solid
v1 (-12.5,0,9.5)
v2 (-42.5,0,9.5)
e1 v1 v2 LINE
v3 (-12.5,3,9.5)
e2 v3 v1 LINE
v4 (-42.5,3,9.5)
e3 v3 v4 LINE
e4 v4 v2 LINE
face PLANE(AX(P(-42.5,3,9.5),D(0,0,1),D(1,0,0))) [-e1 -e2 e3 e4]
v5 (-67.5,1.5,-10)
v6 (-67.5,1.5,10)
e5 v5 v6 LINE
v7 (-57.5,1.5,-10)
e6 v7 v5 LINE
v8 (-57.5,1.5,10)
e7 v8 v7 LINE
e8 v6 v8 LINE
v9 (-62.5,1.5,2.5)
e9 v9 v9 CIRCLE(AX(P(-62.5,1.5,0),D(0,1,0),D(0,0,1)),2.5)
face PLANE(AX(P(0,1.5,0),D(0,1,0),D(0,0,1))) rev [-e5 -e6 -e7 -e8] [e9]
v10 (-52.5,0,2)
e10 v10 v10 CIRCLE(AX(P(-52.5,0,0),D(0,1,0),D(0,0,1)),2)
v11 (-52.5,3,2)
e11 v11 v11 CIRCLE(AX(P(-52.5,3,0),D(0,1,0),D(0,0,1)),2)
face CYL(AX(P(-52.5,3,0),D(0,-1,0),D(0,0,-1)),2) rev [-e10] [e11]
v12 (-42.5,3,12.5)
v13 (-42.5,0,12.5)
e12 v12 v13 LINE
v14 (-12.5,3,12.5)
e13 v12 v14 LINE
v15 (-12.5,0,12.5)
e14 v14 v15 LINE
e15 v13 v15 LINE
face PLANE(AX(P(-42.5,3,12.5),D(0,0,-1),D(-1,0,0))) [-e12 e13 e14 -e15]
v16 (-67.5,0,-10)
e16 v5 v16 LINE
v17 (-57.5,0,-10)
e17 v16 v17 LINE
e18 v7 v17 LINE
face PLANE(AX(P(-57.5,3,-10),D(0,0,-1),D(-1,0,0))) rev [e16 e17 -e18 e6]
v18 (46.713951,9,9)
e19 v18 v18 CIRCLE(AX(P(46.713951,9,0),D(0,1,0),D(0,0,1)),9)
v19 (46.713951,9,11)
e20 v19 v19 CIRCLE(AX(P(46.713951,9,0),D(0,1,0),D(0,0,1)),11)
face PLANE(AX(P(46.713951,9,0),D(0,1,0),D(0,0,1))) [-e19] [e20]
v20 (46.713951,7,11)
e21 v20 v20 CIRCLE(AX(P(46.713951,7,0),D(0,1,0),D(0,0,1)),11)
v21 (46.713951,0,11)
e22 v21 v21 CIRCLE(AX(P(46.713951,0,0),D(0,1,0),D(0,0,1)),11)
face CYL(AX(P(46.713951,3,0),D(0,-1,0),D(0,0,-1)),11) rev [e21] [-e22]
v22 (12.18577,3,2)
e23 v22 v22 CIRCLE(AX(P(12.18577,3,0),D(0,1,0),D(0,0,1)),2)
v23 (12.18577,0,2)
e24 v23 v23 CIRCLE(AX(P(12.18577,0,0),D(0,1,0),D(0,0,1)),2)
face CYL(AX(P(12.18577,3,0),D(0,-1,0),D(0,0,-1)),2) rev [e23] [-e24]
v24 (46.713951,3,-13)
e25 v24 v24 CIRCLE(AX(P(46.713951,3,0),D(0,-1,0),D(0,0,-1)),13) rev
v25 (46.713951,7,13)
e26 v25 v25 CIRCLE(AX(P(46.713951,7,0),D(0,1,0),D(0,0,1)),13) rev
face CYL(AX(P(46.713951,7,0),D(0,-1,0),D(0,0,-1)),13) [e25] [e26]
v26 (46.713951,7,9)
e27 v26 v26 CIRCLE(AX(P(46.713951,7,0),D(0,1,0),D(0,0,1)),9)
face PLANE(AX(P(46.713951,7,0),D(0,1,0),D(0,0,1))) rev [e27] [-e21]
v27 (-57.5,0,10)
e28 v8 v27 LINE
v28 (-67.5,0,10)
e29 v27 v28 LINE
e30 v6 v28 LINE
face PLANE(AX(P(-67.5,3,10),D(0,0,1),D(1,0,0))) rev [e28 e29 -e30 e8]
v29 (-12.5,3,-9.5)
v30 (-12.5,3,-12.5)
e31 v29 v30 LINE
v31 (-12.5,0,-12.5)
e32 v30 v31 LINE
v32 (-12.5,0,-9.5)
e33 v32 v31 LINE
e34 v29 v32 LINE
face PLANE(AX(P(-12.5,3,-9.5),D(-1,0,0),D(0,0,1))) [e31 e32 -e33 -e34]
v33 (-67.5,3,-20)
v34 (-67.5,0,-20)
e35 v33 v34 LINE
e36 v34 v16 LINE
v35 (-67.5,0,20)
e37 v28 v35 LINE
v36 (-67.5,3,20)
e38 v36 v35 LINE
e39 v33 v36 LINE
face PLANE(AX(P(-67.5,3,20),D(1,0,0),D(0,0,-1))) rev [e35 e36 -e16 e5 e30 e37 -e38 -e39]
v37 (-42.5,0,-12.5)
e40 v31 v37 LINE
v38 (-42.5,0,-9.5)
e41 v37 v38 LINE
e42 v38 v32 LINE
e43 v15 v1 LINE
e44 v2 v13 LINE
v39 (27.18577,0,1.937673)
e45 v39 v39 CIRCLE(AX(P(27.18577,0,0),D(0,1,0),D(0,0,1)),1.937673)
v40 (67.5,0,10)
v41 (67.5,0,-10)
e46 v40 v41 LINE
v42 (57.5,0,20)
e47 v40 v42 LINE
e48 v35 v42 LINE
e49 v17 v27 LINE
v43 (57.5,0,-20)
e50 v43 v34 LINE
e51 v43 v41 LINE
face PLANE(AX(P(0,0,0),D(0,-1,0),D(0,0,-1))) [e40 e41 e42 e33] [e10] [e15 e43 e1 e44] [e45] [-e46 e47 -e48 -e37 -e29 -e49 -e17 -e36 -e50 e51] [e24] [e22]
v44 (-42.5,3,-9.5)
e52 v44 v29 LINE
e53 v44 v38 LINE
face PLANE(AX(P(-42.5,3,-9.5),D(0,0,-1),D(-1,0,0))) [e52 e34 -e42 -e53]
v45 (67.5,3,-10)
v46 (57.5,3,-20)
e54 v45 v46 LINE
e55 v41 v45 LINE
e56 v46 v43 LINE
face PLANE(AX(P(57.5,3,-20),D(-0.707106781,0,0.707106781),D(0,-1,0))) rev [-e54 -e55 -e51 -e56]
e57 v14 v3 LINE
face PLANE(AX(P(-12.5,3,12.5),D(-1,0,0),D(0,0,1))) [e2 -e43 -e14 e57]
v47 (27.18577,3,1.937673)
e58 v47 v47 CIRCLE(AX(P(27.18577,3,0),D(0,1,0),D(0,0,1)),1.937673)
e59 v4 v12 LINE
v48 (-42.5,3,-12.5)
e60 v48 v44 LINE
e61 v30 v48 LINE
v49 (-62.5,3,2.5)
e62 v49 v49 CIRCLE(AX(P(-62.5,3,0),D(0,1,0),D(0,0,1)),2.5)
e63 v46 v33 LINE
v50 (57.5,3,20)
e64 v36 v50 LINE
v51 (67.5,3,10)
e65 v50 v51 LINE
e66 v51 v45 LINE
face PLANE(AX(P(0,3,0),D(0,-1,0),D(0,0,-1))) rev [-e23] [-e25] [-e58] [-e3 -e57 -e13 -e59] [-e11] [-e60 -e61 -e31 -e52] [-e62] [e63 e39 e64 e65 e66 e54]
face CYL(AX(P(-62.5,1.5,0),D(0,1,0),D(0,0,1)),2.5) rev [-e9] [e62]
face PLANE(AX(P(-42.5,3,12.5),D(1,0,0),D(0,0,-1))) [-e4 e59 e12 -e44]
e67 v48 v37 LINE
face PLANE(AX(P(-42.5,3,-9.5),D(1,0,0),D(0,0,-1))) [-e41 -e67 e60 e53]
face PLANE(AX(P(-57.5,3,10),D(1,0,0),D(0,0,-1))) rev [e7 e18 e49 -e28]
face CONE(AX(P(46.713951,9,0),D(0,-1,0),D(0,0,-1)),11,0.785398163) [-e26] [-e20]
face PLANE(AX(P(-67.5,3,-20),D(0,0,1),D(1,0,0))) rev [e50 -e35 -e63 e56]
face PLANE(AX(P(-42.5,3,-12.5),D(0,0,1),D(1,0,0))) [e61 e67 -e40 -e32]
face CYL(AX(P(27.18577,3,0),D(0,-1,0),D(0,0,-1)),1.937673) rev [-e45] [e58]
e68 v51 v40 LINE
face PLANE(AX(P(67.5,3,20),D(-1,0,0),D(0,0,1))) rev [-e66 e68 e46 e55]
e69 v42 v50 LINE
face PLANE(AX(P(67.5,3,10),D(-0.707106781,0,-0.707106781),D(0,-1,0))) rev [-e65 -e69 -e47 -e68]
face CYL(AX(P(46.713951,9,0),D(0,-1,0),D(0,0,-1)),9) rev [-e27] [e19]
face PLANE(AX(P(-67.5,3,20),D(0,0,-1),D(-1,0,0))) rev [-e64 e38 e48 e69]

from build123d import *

# Parameters (mm, degrees)
CROQUIS1_R              = 11
CROQUIS1_R_2            = 2
CROQUIS1_R_3            = 1.937672591
CROQUIS1_W              = 30
CROQUIS1_H              = 3
SALIENTE_EXTRUIR1_DEPTH = 3
CROQUIS2_R              = 13
CROQUIS2_R_2            = 11
SALIENTE_EXTRUIR2_DEPTH = 4
CROQUIS3_R              = 13
CROQUIS3_R_2            = 9
SALIENTE_EXTRUIR3_DEPTH = 2
CHAFL_N1_SIZE           = 2
CHAFL_N2_SIZE           = 10
CROQUIS4_W              = 10
CROQUIS4_H              = 20
CROQUIS4_R              = 2.5
SALIENTE_EXTRUIR4_DEPTH = 1.5


with BuildPart() as part:
    # Croquis1 → Saliente-Extruir1 (new body)
    with BuildSketch(Plane(origin=(0, 0, 0), x_dir=(1, 0, 0), z_dir=(0, 1, 0))):
        Polygon((-67.5, -20), (67.5, -20), (67.5, 20), (-67.5, 20), (-67.5, 10), (-57.5, 10), (-57.5, -10), (-67.5, -10), align=None)
        with Locations(Location((46.713951104, 0, 0), (0, 0, 270))):
            Circle(CROQUIS1_R, mode=Mode.SUBTRACT)
        with Locations(Location((-52.5, 0, 0), (0, 0, 270))):
            Circle(CROQUIS1_R_2, mode=Mode.SUBTRACT)
        with Locations(Location((27.185770037, 0, 0), (0, 0, 270))):
            Circle(CROQUIS1_R_3, mode=Mode.SUBTRACT)
        with Locations(Location((12.185770037, 0, 0), (0, 0, 270))):
            Circle(CROQUIS1_R_2, mode=Mode.SUBTRACT)
        with Locations((-27.5, 11)):
            Rectangle(CROQUIS1_W, CROQUIS1_H, mode=Mode.SUBTRACT)
        with Locations((-27.5, -11)):
            Rectangle(CROQUIS1_W, CROQUIS1_H, mode=Mode.SUBTRACT)
    extrude(amount=SALIENTE_EXTRUIR1_DEPTH)

    # Croquis2 → Saliente-Extruir2 (add)
    with BuildSketch(Plane(origin=(0, 3, 0), x_dir=(1, 0, 0), z_dir=(0, 1, 0))):
        with Locations(Location((46.713951104, 0, 0), (0, 0, 90))):
            Circle(CROQUIS2_R)
        with Locations(Location((46.713951104, 0, 0), (0, 0, 270))):
            Circle(CROQUIS2_R_2, mode=Mode.SUBTRACT)
    extrude(amount=SALIENTE_EXTRUIR2_DEPTH)

    # Croquis3 → Saliente-Extruir3 (add)
    with BuildSketch(Plane(origin=(0, 7, 0), x_dir=(1, 0, 0), z_dir=(0, 1, 0))):
        with Locations(Location((46.713951104, 0, 0), (0, 0, 90))):
            Circle(CROQUIS3_R)
        with Locations(Location((46.713951104, 0, 0), (0, 0, 270))):
            Circle(CROQUIS3_R_2, mode=Mode.SUBTRACT)
    extrude(amount=SALIENTE_EXTRUIR3_DEPTH)

    # Chaflán1
    chafl_n1_edges = [part.edges().sort_by_distance(p)[0] for p in [
        (46.713951104, 9, 13),
    ]]
    chamfer(chafl_n1_edges, length=CHAFL_N1_SIZE)

    # Chaflán2
    chafl_n2_edges = [part.edges().sort_by_distance(p)[0] for p in [
        (67.5, 1.5, 20),
        (67.5, 1.5, -20),
    ]]
    chamfer(chafl_n2_edges, length=CHAFL_N2_SIZE)

    # Croquis4 → Saliente-Extruir4 (add)
    with BuildSketch(Plane(origin=(0, 3, 0), x_dir=(1, 0, 0), z_dir=(0, 1, 0))):
        with Locations((-62.5, 0)):
            Rectangle(CROQUIS4_W, CROQUIS4_H)
        with Locations(Location((-62.5, 0, 0), (0, 0, 270))):
            Circle(CROQUIS4_R, mode=Mode.SUBTRACT)
    extrude(amount=-SALIENTE_EXTRUIR4_DEPTH)


solid = part.part
